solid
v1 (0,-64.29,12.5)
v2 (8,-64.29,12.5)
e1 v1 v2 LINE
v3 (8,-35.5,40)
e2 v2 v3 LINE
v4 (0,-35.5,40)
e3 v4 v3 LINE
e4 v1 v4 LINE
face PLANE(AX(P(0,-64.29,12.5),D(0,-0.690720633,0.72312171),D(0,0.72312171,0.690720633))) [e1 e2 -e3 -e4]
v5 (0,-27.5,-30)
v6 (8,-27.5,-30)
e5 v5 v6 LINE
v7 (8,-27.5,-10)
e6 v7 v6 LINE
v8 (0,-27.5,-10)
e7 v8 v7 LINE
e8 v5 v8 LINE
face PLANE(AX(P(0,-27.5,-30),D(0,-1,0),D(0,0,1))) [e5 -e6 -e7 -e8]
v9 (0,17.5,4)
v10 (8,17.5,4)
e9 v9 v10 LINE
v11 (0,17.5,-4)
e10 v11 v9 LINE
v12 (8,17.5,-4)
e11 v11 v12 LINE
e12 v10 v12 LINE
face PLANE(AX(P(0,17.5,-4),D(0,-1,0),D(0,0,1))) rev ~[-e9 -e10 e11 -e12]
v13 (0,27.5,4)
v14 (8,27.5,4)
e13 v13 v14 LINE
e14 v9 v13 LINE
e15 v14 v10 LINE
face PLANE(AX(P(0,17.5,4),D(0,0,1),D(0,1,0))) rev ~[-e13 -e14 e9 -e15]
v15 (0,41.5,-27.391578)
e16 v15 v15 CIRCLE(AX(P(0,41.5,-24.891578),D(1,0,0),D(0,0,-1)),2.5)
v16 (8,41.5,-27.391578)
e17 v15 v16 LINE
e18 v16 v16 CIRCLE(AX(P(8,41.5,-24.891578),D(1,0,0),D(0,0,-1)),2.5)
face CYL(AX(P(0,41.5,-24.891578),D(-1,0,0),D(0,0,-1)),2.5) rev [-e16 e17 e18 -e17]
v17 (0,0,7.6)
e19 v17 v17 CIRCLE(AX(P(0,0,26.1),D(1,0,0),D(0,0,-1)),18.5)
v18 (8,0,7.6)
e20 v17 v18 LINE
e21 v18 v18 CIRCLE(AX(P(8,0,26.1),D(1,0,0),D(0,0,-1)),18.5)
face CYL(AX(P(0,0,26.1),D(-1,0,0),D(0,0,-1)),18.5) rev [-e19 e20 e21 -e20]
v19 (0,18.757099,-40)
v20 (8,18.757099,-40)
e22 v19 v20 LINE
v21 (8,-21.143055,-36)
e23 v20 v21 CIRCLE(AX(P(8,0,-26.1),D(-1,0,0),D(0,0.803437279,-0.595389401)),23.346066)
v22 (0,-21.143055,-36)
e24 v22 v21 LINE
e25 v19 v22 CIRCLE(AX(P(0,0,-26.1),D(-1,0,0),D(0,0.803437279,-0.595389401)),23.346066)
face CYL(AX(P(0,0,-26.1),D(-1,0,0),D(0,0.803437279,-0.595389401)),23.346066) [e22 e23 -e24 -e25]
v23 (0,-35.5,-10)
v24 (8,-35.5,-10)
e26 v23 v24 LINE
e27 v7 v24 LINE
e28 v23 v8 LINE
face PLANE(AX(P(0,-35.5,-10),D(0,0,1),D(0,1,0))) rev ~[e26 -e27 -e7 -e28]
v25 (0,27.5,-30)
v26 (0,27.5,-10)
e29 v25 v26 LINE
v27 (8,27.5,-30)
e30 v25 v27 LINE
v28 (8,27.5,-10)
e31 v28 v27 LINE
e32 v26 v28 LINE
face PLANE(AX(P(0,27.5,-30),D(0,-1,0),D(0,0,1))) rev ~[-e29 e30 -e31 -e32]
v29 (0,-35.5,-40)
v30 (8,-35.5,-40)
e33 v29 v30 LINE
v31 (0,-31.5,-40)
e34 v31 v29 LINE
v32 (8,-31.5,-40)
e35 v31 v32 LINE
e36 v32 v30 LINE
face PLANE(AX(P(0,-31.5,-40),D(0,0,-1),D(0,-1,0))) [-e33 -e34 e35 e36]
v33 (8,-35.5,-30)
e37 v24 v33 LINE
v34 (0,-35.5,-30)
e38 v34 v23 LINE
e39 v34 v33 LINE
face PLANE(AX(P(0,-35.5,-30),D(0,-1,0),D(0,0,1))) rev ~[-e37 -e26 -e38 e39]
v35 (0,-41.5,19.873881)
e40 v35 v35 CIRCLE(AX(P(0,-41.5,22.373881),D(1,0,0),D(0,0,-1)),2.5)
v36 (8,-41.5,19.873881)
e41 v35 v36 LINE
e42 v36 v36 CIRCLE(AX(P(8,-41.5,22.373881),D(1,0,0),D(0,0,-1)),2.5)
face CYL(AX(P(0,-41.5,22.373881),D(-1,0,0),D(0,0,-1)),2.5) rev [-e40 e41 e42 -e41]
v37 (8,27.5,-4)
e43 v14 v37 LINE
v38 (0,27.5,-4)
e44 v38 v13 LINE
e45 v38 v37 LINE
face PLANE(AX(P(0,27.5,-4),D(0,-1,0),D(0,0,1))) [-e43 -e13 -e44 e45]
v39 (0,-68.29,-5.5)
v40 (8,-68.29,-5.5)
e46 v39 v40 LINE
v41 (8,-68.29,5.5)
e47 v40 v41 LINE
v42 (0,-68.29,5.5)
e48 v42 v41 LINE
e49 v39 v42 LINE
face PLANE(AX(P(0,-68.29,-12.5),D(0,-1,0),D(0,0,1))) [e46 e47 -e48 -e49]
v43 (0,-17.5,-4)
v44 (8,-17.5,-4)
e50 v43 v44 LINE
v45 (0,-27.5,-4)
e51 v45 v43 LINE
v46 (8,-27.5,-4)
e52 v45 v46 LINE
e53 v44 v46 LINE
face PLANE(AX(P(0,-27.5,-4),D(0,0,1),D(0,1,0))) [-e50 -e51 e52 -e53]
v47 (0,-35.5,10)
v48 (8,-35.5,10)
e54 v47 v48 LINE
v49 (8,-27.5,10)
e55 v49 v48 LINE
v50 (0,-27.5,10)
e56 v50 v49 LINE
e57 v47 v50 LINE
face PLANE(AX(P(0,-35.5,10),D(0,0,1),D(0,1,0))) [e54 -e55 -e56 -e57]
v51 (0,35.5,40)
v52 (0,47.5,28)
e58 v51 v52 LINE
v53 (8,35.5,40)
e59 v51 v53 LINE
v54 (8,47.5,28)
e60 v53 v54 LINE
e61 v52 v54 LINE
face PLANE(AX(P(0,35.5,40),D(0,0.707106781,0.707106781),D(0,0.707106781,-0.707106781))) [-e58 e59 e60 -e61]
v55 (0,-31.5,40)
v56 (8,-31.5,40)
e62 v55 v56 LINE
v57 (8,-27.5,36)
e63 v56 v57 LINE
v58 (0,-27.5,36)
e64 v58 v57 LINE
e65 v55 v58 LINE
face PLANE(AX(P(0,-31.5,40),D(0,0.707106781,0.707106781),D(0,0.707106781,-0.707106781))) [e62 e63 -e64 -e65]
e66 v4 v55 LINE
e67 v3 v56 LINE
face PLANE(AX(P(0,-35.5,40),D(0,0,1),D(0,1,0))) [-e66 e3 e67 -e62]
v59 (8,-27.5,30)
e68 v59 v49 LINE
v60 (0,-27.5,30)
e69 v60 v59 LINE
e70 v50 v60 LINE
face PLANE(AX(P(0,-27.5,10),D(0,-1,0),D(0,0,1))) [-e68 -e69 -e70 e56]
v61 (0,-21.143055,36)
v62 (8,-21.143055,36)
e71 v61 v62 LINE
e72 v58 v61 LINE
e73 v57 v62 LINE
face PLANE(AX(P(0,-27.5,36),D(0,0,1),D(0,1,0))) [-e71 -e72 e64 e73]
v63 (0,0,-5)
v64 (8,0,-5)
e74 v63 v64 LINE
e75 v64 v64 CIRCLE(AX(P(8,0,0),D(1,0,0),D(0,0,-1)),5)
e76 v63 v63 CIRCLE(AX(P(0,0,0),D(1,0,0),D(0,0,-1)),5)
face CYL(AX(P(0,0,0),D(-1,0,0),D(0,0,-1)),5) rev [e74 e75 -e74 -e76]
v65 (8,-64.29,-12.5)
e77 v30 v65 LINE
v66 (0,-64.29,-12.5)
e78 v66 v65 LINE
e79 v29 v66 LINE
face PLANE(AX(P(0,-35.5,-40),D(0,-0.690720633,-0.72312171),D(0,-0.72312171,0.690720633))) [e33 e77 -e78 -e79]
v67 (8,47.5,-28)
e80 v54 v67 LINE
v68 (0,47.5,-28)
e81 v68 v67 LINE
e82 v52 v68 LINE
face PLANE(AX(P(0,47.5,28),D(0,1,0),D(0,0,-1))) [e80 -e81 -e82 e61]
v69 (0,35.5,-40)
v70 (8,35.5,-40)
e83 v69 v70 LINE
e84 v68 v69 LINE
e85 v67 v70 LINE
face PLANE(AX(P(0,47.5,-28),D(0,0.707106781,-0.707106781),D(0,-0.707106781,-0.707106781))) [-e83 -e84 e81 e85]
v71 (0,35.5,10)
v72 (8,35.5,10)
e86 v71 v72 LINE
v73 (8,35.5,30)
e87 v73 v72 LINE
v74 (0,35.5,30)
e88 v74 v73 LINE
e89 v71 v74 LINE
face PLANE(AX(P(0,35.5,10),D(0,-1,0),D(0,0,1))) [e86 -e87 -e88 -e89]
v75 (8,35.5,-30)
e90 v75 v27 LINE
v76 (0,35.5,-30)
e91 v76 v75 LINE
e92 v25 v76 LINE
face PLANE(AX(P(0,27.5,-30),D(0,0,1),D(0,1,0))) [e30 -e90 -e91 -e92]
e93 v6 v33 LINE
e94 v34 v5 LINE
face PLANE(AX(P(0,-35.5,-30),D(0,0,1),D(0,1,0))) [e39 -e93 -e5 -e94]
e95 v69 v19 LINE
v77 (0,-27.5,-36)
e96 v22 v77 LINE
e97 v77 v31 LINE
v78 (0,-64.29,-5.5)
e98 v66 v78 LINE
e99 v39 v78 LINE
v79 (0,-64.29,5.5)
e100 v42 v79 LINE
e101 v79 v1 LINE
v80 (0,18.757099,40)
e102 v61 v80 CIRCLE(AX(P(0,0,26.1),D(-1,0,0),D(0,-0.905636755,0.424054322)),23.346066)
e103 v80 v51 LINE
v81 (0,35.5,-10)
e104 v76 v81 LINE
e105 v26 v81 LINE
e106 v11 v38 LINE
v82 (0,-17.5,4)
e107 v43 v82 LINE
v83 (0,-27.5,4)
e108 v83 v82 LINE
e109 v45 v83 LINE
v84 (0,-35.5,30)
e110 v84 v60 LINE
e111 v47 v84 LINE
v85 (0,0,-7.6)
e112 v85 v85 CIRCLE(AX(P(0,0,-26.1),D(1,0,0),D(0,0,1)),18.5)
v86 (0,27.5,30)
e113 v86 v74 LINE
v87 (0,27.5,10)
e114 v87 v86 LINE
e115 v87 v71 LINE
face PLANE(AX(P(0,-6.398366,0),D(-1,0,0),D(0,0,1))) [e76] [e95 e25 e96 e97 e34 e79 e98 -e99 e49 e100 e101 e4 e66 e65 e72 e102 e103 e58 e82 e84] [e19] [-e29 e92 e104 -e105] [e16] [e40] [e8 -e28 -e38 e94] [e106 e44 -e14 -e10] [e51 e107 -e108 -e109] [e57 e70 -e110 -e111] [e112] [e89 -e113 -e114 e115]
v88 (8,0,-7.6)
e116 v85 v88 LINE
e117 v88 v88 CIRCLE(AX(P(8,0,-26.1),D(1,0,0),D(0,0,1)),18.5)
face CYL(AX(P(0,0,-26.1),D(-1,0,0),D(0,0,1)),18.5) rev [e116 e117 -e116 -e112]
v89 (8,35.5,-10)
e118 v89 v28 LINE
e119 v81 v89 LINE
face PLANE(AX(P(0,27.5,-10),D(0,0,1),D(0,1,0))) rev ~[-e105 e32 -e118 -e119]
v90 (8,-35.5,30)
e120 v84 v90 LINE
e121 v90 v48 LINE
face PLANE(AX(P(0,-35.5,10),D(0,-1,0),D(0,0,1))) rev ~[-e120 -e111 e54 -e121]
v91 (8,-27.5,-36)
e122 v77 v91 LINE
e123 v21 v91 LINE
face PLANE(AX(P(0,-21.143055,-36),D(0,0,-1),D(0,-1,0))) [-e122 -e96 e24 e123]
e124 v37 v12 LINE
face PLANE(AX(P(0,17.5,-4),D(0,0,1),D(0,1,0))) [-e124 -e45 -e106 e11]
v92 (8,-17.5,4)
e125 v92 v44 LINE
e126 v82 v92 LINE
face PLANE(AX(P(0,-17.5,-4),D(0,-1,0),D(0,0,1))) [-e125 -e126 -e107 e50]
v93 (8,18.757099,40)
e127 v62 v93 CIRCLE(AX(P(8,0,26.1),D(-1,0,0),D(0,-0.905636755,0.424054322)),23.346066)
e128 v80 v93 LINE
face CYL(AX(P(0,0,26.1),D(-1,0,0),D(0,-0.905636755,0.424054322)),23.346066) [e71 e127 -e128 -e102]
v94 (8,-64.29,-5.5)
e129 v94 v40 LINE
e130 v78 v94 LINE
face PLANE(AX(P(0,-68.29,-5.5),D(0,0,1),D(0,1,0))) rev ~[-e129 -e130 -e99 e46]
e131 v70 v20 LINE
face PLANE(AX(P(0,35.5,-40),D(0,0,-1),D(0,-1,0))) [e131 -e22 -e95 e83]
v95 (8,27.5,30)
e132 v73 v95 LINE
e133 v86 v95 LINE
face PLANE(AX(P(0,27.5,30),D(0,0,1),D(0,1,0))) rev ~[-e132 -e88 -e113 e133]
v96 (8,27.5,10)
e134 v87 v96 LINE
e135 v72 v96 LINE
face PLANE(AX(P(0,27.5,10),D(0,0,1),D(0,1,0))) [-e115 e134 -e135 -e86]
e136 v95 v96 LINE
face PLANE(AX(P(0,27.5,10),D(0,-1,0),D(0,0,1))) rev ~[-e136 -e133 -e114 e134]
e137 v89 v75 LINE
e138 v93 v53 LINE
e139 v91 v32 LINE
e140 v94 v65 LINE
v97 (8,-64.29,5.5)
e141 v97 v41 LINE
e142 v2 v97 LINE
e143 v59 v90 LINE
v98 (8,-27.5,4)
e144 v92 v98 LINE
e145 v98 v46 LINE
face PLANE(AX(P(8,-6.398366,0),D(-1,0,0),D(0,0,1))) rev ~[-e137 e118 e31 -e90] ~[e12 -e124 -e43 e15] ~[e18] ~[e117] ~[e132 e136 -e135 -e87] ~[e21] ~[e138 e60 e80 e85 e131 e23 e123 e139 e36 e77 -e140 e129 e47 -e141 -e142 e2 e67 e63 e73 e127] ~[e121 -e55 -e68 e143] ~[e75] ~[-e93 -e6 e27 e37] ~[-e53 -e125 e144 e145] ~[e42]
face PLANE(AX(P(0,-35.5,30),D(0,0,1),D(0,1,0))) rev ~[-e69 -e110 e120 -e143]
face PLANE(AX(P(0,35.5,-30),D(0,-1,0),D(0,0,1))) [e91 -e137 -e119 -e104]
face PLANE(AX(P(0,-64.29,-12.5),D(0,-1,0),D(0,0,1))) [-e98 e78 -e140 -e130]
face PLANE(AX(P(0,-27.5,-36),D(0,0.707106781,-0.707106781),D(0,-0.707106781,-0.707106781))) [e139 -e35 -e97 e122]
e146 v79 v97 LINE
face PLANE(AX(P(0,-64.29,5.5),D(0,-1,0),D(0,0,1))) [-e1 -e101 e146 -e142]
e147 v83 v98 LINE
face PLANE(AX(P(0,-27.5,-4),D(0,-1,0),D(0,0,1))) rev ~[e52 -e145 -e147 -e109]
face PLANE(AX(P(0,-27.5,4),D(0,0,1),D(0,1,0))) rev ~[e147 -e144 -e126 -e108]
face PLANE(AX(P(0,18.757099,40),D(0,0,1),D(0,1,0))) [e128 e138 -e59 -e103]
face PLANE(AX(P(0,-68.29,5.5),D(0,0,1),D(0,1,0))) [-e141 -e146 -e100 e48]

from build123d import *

# Parameters (mm, degrees)
SKETCH1_R           = 2.5
SKETCH1_R_2         = 18.5
SKETCH1_R_3         = 5
BOSS_EXTRUDE1_DEPTH = 8
CUT_EXTRUDE1_REACH  = 86.69
SKETCH2_W           = 20
SKETCH2_H           = 8
SKETCH2_W_2         = 8
SKETCH2_H_2         = 10
SKETCH2_W_3         = 7
SKETCH2_H_3         = 4


with BuildPart() as part:
    # Sketch1 → Boss-Extrude1 (new body)
    with BuildSketch(Plane(origin=(0, 0, 0), x_dir=(0, 0, -1), z_dir=(1, 0, 0))):
        with BuildLine():
            Line((-12.5, -64.29), (-40, -35.5))
            Line((-40, -35.5), (-40, -31.5))
            Line((-40, -31.5), (-36, -27.5))
            Line((-36, -27.5), (-36, -21.143055078))
            ThreePointArc((-36, -21.143055078), (-49.329627244, -2.32877567), (-40, 18.757099403))
            Line((-40, 18.757099403), (-40, 35.5))
            Line((-40, 35.5), (-28, 47.5))
            Line((-28, 47.5), (28, 47.5))
            Line((28, 47.5), (40, 35.5))
            Line((40, 35.5), (40, 18.757099403))
            ThreePointArc((40, 18.757099403), (49.329627244, -2.32877567), (36, -21.143055078))
            Line((36, -21.143055078), (36, -27.5))
            Line((36, -27.5), (40, -31.5))
            Line((40, -31.5), (40, -35.5))
            Line((40, -35.5), (12.5, -64.29))
            Line((12.5, -64.29), (12.5, -68.29))
            Line((12.5, -68.29), (-12.5, -68.29))
            Line((-12.5, -68.29), (-12.5, -64.29))
        make_face()
        with Locations((-22.373880505, -41.5)):
            Circle(SKETCH1_R, mode=Mode.SUBTRACT)
        with Locations((24.891578032, 41.5)):
            Circle(SKETCH1_R, mode=Mode.SUBTRACT)
        with Locations((-26.1, 0)):
            Circle(SKETCH1_R_2, mode=Mode.SUBTRACT)
        with Locations(Location((26.1, 0, 0), (0, 0, 180))):
            Circle(SKETCH1_R_2, mode=Mode.SUBTRACT)
        Circle(SKETCH1_R_3, mode=Mode.SUBTRACT)
    extrude(amount=BOSS_EXTRUDE1_DEPTH)

    # Sketch2 → Cut-Extrude1 (cut, up to next)
    with BuildSketch(Plane.ZY, mode=Mode.PRIVATE) as cut_extrude1_sk1:
        with Locations((20, -31.5)):
            Rectangle(SKETCH2_W, SKETCH2_H)
    cut_extrude1_tool1 = extrude(cut_extrude1_sk1.sketch, amount=-CUT_EXTRUDE1_REACH, mode=Mode.PRIVATE) & part.part
    # Sketch2 → Cut-Extrude1 (cut, up to next)
    with BuildSketch(Plane.ZY, mode=Mode.PRIVATE) as cut_extrude1_sk2:
        with Locations((-20, -31.5)):
            Rectangle(SKETCH2_W, SKETCH2_H)
    cut_extrude1_tool2 = extrude(cut_extrude1_sk2.sketch, amount=-CUT_EXTRUDE1_REACH, mode=Mode.PRIVATE) & part.part
    # Sketch2 → Cut-Extrude1 (cut, up to next)
    with BuildSketch(Plane.ZY, mode=Mode.PRIVATE) as cut_extrude1_sk3:
        with Locations((20, 31.5)):
            Rectangle(SKETCH2_W, SKETCH2_H)
    cut_extrude1_tool3 = extrude(cut_extrude1_sk3.sketch, amount=-CUT_EXTRUDE1_REACH, mode=Mode.PRIVATE) & part.part
    # Sketch2 → Cut-Extrude1 (cut, up to next)
    with BuildSketch(Plane.ZY, mode=Mode.PRIVATE) as cut_extrude1_sk4:
        with Locations((-20, 31.5)):
            Rectangle(SKETCH2_W, SKETCH2_H)
    cut_extrude1_tool4 = extrude(cut_extrude1_sk4.sketch, amount=-CUT_EXTRUDE1_REACH, mode=Mode.PRIVATE) & part.part
    # Sketch2 → Cut-Extrude1 (cut, up to next)
    with BuildSketch(Plane.ZY, mode=Mode.PRIVATE) as cut_extrude1_sk5:
        with Locations((0, 22.5)):
            Rectangle(SKETCH2_W_2, SKETCH2_H_2)
    cut_extrude1_tool5 = extrude(cut_extrude1_sk5.sketch, amount=-CUT_EXTRUDE1_REACH, mode=Mode.PRIVATE) & part.part
    # Sketch2 → Cut-Extrude1 (cut, up to next)
    with BuildSketch(Plane.ZY, mode=Mode.PRIVATE) as cut_extrude1_sk6:
        with Locations((0, -22.5)):
            Rectangle(SKETCH2_W_2, SKETCH2_H_2)
    cut_extrude1_tool6 = extrude(cut_extrude1_sk6.sketch, amount=-CUT_EXTRUDE1_REACH, mode=Mode.PRIVATE) & part.part
    # Sketch2 → Cut-Extrude1 (cut, up to next)
    with BuildSketch(Plane.ZY, mode=Mode.PRIVATE) as cut_extrude1_sk7:
        with Locations((9, -66.29)):
            Rectangle(SKETCH2_W_3, SKETCH2_H_3)
    cut_extrude1_tool7 = extrude(cut_extrude1_sk7.sketch, amount=-CUT_EXTRUDE1_REACH, mode=Mode.PRIVATE) & part.part
    # Sketch2 → Cut-Extrude1 (cut, up to next)
    with BuildSketch(Plane.ZY, mode=Mode.PRIVATE) as cut_extrude1_sk8:
        with Locations((-9, -66.29)):
            Rectangle(SKETCH2_W_3, SKETCH2_H_3)
    cut_extrude1_tool8 = extrude(cut_extrude1_sk8.sketch, amount=-CUT_EXTRUDE1_REACH, mode=Mode.PRIVATE) & part.part
    add(cut_extrude1_tool1.solids().sort_by_distance((0, -31.5, 20))[0], mode=Mode.SUBTRACT)
    add(cut_extrude1_tool2.solids().sort_by_distance((0, -31.5, -20))[0], mode=Mode.SUBTRACT)
    add(cut_extrude1_tool3.solids().sort_by_distance((0, 31.5, 20))[0], mode=Mode.SUBTRACT)
    add(cut_extrude1_tool4.solids().sort_by_distance((0, 31.5, -20))[0], mode=Mode.SUBTRACT)
    add(cut_extrude1_tool5.solids().sort_by_distance((0, 22.5, 0))[0], mode=Mode.SUBTRACT)
    add(cut_extrude1_tool6.solids().sort_by_distance((0, -22.5, 0))[0], mode=Mode.SUBTRACT)
    add(cut_extrude1_tool7.solids().sort_by_distance((0, -66.29, 9))[0], mode=Mode.SUBTRACT)
    add(cut_extrude1_tool8.solids().sort_by_distance((0, -66.29, -9))[0], mode=Mode.SUBTRACT)


solid = part.part
